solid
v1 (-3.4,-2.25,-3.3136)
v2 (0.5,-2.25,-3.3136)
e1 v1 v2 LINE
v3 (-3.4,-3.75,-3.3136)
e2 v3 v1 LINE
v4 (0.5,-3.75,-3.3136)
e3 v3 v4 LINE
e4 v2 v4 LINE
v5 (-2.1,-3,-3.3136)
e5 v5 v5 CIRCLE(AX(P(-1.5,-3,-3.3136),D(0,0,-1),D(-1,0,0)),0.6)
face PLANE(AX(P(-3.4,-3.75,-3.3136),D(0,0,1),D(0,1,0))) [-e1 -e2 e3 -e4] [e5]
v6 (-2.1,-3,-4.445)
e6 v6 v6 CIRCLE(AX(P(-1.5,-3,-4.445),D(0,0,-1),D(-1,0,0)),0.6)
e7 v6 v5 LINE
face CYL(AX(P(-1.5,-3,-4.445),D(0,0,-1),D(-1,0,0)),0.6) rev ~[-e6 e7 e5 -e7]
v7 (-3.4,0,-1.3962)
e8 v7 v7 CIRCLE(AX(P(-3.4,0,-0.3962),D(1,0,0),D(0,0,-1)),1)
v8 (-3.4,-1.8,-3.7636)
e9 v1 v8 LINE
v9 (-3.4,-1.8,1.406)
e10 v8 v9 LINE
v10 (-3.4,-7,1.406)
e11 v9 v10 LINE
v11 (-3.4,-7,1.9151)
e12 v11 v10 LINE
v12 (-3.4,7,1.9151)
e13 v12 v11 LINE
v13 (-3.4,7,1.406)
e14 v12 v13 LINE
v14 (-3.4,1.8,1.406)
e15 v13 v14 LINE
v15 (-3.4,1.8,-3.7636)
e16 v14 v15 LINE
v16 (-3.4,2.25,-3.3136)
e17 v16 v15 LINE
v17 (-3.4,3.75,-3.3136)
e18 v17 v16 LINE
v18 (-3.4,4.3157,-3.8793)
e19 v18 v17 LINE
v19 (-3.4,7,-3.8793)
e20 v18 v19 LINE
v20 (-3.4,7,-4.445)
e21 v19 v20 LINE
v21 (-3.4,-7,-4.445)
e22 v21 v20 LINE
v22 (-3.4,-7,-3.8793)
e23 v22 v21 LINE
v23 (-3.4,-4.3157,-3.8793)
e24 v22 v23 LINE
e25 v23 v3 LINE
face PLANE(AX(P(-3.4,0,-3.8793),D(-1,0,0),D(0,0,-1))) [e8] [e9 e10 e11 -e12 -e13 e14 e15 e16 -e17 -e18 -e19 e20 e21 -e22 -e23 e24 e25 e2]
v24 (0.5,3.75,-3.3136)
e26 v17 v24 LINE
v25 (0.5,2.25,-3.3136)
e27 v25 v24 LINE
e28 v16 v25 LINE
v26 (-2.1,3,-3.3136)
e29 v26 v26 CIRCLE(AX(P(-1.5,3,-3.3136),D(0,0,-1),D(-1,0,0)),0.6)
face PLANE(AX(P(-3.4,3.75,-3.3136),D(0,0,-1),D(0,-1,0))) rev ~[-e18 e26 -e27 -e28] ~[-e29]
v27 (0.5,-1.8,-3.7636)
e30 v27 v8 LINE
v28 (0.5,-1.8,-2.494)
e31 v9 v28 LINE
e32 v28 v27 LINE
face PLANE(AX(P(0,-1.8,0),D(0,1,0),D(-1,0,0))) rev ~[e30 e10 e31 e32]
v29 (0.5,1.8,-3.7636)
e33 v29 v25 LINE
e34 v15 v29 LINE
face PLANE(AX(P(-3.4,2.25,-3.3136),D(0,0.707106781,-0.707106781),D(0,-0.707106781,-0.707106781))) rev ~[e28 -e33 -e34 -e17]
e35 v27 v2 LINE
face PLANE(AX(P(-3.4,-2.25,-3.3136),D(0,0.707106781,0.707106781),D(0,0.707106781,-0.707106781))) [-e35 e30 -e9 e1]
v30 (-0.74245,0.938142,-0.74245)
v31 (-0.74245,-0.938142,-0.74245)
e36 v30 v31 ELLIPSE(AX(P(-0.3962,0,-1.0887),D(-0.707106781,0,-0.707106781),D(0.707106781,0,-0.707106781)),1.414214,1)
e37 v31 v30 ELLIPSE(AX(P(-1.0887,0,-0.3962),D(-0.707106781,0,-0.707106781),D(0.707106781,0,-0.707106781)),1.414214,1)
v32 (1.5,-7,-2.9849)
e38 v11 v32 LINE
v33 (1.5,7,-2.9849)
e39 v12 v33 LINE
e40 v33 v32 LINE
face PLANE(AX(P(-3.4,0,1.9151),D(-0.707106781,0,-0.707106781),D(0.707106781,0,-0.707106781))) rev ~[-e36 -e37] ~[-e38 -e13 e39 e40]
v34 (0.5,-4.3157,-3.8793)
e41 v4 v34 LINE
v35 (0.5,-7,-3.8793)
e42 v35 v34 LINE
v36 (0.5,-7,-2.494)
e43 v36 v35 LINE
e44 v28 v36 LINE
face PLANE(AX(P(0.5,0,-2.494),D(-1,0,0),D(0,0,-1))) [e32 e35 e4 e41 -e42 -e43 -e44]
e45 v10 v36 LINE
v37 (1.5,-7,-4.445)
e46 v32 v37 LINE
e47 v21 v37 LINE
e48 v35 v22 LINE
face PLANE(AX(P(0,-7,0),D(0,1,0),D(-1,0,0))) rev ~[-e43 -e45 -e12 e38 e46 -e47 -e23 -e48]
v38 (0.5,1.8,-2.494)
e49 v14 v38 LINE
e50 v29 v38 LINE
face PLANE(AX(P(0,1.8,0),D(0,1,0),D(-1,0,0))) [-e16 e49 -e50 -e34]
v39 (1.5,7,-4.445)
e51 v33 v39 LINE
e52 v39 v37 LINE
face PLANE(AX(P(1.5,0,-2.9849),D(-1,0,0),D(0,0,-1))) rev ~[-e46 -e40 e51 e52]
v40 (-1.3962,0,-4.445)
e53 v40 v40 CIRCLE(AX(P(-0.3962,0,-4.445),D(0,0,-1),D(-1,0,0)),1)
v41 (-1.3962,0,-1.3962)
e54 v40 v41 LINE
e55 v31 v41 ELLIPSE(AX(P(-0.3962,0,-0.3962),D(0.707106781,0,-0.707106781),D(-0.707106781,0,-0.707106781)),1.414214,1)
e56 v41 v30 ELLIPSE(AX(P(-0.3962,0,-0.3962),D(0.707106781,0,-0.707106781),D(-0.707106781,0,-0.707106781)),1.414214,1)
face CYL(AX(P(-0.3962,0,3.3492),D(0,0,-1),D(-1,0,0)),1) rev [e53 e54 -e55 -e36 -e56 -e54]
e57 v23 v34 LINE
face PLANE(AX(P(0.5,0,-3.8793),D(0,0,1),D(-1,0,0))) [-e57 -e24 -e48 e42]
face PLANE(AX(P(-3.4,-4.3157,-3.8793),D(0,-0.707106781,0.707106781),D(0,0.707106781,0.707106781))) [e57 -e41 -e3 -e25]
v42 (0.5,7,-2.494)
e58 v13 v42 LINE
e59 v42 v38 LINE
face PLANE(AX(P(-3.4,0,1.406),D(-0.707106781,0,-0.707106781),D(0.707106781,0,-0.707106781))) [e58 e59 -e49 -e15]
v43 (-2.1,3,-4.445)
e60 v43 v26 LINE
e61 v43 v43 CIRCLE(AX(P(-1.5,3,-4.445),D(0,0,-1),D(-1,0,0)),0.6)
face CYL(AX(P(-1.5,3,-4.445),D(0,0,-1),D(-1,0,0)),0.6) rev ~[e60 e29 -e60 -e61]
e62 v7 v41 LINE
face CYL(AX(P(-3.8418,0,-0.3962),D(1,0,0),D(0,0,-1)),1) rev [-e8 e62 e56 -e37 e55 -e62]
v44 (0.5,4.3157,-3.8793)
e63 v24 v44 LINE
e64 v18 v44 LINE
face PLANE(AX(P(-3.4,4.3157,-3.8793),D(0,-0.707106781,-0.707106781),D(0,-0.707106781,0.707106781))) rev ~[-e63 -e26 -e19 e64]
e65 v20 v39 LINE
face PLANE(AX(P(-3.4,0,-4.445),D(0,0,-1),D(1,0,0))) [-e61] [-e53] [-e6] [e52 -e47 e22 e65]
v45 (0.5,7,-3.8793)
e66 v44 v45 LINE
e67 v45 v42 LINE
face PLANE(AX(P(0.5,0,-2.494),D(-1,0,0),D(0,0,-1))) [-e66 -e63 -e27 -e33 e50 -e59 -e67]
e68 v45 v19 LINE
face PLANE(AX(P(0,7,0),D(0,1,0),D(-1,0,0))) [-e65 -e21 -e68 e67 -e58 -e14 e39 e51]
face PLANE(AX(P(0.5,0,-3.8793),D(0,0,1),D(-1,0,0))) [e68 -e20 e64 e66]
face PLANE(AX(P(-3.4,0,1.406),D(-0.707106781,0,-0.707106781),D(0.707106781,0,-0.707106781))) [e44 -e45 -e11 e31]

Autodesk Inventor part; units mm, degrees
ref_plane "YZ Plane" through (0, 0, 0) normal (1, 0, 0) x (0, 1, 0)
ref_plane "XZ Plane" through (0, 0, 0) normal (0, 1, 0) x (-1, 0, 0)
ref_plane "XY Plane" through (0, 0, 0) normal (0, 0, 1) x (1, 0, 0)
sketch "Sketch9" plane through (0, 0, 0) normal (0, 1, 0) x (-1, 0, 0)
  line L0 (3.4, -4.445) -> (-1.5, -4.445)
  line L1 (-0.3017, -1.7866) -> (-1.0442, -1.0442) construction
  line L2 (-1.0442, -1.0442) -> (1.7843, 1.7843) construction
  line L3 (1.7843, 1.7843) -> (2.5267, 1.0418) construction
  line L4 (0, 0) -> (0, 4.9841) construction
  line L5 (0, 0) -> (-5.2239, 0) construction
  line L6 (0, 0) -> (1.0887, -0.3962) construction
  line L7 (1.0887, -0.3962) -> (3.6157, -0.3962) construction
  line L8 (-0.3017, -1.7866) -> (2.5267, 1.0418) construction
  line L9 (3.4, 1.9151) -> (-1.5, -2.9849)
  line L10 (-1.5, -2.9849) -> (-1.5, -4.445)
  line L11 (-0.5, -2.494) -> (-0.5, -3.8793)
  line L12 (-0.5, -3.8793) -> (3.4, -3.8793)
  line L13 (3.4, -3.8793) -> (3.4, -4.445)
  line L14 (3.4, -3.8793) -> (2.8343, -4.445) construction
  line L15 (3.4, 1.9151) -> (3.4, 1.406)
  line L16 (3.4, 1.406) -> (-0.5, -2.494)
  line L17 (0, 0) -> (0.5624, -0.5624) construction
  line L18 (3.4, 1.406) -> (3.4, 0.7133)
  line L19 (3.4, 0.7133) -> (-0.5, -3.1867)
  line L20 (3.4, 0.7133) -> (3.4, -3.8793)
  line L21 (0, 0) -> (0.3962, -1.0887) construction
  dimension "d82" = 1.05
  dimension "d83" = 4.445
  dimension "d84" = 3.4
  dimension "d86" = 4
  dimension "d102" = 135
  dimension "d104" = 1
  dimension "d115" = 45
  dimension "d116" = 0.8
  dimension "d125" = 1.5
  dimension "d126" = 0.36
  dimension "d127" = 25
  dimension "d133" = 25
sketch "Sketch14" plane through (0, 0, 0) normal (0, 1, 0) x (-1, 0, 0)
  line L0 (0, 0) -> (0.3962, -1.0887) construction
  line L1 (0, 0) -> (1.0887, -0.3962) construction
  line L2 (0.3962, 3.3492) -> (1.3962, 3.3492)
  line L3 (1.3962, 3.3492) -> (1.3962, -4.9901)
  line L4 (1.3962, -4.9901) -> (0.3962, -4.9901)
  line L5 (0.3962, -4.9901) -> (0.3962, 3.3492)
  line L6 (-1.8344, -0.3962) -> (3.8418, -0.3962)
  line L7 (3.8418, -0.3962) -> (3.8418, -1.3962)
  line L8 (3.8418, -1.3962) -> (-1.8344, -1.3962)
  line L9 (-1.8344, -1.3962) -> (-1.8344, -0.3962)
  dimension "d134" = 1
extrude "Extrusion14" add sketch "Sketch9" along normal mid plane 14 contours L0 L10 L9 L15 L16 L11 L12 L13
sketch "Sketch13" plane through (-3.4, -7, -3.8793) normal (-1, 0, 0) x (0, 0, 1)
  line L0 (0, 0) -> (0, 14) projected
  line L1 (0, 8.6843) -> (0, 11.3157)
  line L2 (0, 11.3157) -> (0.5657, 10.75)
  line L3 (0.5657, 10.75) -> (0.5657, 9.25)
  line L4 (0.5657, 9.25) -> (0, 8.6843)
  line L5 (0, 7) -> (-0.5657, 7) projected
  line L6 (-0.5657, 14) -> (0, 14) projected
  line L7 (0.5657, 10) -> (0, 10) construction
  line L8 (0, 2.6843) -> (0.5657, 3.25)
  line L9 (0.5657, 3.25) -> (0.5657, 4.75)
  line L10 (0.5657, 4.75) -> (0, 5.3157)
  point P0 (3.8793, 7)
  point P1 (-0.2828, 7)
  dimension "d117" = 45
  dimension "d118" = 3
  dimension "d119" = 1.5
extrude "Extrusion16" add sketch "Sketch13" against normal up to next
sketch "Sketch12" plane through (1.5, 7, -4.445) normal (0, 0, -1) x (-1, 0, 0)
  circle A0 centre (3, -4) radius 0.6
  circle A1 centre (3, -10) radius 0.6
  point P0 (1.5, -7)
  dimension "d109" = 1.5
  dimension "d110" = 3
  dimension "d111" = 3
  dimension "d112" = 1.2
extrude "Extrusion15" cut sketch "Sketch12" against normal blind 2
extrude "Extrusion17" add sketch "Sketch9" along normal mid plane 3.6 contours L12 L11 L19 L20 | L19 L11 L16 L18
revolve "Revolution5" cut sketch "Sketch14" angle 360 about axis through (-0.3962, 0, -4.9901) along (0, 0, 1) contours L2 L3 L6 L5 | L6 L3 L8 L5 | L8 L3 L4 L5
revolve "Revolution6" cut sketch "Sketch14" angle 360 about axis through (1.8344, 0, -0.3962) along (-1, 0, 0) contours L6 L3 L8 L5 | L5 L8 L9 L6 | L6 L7 L8 L3
properties part number "round dichroic holder"
